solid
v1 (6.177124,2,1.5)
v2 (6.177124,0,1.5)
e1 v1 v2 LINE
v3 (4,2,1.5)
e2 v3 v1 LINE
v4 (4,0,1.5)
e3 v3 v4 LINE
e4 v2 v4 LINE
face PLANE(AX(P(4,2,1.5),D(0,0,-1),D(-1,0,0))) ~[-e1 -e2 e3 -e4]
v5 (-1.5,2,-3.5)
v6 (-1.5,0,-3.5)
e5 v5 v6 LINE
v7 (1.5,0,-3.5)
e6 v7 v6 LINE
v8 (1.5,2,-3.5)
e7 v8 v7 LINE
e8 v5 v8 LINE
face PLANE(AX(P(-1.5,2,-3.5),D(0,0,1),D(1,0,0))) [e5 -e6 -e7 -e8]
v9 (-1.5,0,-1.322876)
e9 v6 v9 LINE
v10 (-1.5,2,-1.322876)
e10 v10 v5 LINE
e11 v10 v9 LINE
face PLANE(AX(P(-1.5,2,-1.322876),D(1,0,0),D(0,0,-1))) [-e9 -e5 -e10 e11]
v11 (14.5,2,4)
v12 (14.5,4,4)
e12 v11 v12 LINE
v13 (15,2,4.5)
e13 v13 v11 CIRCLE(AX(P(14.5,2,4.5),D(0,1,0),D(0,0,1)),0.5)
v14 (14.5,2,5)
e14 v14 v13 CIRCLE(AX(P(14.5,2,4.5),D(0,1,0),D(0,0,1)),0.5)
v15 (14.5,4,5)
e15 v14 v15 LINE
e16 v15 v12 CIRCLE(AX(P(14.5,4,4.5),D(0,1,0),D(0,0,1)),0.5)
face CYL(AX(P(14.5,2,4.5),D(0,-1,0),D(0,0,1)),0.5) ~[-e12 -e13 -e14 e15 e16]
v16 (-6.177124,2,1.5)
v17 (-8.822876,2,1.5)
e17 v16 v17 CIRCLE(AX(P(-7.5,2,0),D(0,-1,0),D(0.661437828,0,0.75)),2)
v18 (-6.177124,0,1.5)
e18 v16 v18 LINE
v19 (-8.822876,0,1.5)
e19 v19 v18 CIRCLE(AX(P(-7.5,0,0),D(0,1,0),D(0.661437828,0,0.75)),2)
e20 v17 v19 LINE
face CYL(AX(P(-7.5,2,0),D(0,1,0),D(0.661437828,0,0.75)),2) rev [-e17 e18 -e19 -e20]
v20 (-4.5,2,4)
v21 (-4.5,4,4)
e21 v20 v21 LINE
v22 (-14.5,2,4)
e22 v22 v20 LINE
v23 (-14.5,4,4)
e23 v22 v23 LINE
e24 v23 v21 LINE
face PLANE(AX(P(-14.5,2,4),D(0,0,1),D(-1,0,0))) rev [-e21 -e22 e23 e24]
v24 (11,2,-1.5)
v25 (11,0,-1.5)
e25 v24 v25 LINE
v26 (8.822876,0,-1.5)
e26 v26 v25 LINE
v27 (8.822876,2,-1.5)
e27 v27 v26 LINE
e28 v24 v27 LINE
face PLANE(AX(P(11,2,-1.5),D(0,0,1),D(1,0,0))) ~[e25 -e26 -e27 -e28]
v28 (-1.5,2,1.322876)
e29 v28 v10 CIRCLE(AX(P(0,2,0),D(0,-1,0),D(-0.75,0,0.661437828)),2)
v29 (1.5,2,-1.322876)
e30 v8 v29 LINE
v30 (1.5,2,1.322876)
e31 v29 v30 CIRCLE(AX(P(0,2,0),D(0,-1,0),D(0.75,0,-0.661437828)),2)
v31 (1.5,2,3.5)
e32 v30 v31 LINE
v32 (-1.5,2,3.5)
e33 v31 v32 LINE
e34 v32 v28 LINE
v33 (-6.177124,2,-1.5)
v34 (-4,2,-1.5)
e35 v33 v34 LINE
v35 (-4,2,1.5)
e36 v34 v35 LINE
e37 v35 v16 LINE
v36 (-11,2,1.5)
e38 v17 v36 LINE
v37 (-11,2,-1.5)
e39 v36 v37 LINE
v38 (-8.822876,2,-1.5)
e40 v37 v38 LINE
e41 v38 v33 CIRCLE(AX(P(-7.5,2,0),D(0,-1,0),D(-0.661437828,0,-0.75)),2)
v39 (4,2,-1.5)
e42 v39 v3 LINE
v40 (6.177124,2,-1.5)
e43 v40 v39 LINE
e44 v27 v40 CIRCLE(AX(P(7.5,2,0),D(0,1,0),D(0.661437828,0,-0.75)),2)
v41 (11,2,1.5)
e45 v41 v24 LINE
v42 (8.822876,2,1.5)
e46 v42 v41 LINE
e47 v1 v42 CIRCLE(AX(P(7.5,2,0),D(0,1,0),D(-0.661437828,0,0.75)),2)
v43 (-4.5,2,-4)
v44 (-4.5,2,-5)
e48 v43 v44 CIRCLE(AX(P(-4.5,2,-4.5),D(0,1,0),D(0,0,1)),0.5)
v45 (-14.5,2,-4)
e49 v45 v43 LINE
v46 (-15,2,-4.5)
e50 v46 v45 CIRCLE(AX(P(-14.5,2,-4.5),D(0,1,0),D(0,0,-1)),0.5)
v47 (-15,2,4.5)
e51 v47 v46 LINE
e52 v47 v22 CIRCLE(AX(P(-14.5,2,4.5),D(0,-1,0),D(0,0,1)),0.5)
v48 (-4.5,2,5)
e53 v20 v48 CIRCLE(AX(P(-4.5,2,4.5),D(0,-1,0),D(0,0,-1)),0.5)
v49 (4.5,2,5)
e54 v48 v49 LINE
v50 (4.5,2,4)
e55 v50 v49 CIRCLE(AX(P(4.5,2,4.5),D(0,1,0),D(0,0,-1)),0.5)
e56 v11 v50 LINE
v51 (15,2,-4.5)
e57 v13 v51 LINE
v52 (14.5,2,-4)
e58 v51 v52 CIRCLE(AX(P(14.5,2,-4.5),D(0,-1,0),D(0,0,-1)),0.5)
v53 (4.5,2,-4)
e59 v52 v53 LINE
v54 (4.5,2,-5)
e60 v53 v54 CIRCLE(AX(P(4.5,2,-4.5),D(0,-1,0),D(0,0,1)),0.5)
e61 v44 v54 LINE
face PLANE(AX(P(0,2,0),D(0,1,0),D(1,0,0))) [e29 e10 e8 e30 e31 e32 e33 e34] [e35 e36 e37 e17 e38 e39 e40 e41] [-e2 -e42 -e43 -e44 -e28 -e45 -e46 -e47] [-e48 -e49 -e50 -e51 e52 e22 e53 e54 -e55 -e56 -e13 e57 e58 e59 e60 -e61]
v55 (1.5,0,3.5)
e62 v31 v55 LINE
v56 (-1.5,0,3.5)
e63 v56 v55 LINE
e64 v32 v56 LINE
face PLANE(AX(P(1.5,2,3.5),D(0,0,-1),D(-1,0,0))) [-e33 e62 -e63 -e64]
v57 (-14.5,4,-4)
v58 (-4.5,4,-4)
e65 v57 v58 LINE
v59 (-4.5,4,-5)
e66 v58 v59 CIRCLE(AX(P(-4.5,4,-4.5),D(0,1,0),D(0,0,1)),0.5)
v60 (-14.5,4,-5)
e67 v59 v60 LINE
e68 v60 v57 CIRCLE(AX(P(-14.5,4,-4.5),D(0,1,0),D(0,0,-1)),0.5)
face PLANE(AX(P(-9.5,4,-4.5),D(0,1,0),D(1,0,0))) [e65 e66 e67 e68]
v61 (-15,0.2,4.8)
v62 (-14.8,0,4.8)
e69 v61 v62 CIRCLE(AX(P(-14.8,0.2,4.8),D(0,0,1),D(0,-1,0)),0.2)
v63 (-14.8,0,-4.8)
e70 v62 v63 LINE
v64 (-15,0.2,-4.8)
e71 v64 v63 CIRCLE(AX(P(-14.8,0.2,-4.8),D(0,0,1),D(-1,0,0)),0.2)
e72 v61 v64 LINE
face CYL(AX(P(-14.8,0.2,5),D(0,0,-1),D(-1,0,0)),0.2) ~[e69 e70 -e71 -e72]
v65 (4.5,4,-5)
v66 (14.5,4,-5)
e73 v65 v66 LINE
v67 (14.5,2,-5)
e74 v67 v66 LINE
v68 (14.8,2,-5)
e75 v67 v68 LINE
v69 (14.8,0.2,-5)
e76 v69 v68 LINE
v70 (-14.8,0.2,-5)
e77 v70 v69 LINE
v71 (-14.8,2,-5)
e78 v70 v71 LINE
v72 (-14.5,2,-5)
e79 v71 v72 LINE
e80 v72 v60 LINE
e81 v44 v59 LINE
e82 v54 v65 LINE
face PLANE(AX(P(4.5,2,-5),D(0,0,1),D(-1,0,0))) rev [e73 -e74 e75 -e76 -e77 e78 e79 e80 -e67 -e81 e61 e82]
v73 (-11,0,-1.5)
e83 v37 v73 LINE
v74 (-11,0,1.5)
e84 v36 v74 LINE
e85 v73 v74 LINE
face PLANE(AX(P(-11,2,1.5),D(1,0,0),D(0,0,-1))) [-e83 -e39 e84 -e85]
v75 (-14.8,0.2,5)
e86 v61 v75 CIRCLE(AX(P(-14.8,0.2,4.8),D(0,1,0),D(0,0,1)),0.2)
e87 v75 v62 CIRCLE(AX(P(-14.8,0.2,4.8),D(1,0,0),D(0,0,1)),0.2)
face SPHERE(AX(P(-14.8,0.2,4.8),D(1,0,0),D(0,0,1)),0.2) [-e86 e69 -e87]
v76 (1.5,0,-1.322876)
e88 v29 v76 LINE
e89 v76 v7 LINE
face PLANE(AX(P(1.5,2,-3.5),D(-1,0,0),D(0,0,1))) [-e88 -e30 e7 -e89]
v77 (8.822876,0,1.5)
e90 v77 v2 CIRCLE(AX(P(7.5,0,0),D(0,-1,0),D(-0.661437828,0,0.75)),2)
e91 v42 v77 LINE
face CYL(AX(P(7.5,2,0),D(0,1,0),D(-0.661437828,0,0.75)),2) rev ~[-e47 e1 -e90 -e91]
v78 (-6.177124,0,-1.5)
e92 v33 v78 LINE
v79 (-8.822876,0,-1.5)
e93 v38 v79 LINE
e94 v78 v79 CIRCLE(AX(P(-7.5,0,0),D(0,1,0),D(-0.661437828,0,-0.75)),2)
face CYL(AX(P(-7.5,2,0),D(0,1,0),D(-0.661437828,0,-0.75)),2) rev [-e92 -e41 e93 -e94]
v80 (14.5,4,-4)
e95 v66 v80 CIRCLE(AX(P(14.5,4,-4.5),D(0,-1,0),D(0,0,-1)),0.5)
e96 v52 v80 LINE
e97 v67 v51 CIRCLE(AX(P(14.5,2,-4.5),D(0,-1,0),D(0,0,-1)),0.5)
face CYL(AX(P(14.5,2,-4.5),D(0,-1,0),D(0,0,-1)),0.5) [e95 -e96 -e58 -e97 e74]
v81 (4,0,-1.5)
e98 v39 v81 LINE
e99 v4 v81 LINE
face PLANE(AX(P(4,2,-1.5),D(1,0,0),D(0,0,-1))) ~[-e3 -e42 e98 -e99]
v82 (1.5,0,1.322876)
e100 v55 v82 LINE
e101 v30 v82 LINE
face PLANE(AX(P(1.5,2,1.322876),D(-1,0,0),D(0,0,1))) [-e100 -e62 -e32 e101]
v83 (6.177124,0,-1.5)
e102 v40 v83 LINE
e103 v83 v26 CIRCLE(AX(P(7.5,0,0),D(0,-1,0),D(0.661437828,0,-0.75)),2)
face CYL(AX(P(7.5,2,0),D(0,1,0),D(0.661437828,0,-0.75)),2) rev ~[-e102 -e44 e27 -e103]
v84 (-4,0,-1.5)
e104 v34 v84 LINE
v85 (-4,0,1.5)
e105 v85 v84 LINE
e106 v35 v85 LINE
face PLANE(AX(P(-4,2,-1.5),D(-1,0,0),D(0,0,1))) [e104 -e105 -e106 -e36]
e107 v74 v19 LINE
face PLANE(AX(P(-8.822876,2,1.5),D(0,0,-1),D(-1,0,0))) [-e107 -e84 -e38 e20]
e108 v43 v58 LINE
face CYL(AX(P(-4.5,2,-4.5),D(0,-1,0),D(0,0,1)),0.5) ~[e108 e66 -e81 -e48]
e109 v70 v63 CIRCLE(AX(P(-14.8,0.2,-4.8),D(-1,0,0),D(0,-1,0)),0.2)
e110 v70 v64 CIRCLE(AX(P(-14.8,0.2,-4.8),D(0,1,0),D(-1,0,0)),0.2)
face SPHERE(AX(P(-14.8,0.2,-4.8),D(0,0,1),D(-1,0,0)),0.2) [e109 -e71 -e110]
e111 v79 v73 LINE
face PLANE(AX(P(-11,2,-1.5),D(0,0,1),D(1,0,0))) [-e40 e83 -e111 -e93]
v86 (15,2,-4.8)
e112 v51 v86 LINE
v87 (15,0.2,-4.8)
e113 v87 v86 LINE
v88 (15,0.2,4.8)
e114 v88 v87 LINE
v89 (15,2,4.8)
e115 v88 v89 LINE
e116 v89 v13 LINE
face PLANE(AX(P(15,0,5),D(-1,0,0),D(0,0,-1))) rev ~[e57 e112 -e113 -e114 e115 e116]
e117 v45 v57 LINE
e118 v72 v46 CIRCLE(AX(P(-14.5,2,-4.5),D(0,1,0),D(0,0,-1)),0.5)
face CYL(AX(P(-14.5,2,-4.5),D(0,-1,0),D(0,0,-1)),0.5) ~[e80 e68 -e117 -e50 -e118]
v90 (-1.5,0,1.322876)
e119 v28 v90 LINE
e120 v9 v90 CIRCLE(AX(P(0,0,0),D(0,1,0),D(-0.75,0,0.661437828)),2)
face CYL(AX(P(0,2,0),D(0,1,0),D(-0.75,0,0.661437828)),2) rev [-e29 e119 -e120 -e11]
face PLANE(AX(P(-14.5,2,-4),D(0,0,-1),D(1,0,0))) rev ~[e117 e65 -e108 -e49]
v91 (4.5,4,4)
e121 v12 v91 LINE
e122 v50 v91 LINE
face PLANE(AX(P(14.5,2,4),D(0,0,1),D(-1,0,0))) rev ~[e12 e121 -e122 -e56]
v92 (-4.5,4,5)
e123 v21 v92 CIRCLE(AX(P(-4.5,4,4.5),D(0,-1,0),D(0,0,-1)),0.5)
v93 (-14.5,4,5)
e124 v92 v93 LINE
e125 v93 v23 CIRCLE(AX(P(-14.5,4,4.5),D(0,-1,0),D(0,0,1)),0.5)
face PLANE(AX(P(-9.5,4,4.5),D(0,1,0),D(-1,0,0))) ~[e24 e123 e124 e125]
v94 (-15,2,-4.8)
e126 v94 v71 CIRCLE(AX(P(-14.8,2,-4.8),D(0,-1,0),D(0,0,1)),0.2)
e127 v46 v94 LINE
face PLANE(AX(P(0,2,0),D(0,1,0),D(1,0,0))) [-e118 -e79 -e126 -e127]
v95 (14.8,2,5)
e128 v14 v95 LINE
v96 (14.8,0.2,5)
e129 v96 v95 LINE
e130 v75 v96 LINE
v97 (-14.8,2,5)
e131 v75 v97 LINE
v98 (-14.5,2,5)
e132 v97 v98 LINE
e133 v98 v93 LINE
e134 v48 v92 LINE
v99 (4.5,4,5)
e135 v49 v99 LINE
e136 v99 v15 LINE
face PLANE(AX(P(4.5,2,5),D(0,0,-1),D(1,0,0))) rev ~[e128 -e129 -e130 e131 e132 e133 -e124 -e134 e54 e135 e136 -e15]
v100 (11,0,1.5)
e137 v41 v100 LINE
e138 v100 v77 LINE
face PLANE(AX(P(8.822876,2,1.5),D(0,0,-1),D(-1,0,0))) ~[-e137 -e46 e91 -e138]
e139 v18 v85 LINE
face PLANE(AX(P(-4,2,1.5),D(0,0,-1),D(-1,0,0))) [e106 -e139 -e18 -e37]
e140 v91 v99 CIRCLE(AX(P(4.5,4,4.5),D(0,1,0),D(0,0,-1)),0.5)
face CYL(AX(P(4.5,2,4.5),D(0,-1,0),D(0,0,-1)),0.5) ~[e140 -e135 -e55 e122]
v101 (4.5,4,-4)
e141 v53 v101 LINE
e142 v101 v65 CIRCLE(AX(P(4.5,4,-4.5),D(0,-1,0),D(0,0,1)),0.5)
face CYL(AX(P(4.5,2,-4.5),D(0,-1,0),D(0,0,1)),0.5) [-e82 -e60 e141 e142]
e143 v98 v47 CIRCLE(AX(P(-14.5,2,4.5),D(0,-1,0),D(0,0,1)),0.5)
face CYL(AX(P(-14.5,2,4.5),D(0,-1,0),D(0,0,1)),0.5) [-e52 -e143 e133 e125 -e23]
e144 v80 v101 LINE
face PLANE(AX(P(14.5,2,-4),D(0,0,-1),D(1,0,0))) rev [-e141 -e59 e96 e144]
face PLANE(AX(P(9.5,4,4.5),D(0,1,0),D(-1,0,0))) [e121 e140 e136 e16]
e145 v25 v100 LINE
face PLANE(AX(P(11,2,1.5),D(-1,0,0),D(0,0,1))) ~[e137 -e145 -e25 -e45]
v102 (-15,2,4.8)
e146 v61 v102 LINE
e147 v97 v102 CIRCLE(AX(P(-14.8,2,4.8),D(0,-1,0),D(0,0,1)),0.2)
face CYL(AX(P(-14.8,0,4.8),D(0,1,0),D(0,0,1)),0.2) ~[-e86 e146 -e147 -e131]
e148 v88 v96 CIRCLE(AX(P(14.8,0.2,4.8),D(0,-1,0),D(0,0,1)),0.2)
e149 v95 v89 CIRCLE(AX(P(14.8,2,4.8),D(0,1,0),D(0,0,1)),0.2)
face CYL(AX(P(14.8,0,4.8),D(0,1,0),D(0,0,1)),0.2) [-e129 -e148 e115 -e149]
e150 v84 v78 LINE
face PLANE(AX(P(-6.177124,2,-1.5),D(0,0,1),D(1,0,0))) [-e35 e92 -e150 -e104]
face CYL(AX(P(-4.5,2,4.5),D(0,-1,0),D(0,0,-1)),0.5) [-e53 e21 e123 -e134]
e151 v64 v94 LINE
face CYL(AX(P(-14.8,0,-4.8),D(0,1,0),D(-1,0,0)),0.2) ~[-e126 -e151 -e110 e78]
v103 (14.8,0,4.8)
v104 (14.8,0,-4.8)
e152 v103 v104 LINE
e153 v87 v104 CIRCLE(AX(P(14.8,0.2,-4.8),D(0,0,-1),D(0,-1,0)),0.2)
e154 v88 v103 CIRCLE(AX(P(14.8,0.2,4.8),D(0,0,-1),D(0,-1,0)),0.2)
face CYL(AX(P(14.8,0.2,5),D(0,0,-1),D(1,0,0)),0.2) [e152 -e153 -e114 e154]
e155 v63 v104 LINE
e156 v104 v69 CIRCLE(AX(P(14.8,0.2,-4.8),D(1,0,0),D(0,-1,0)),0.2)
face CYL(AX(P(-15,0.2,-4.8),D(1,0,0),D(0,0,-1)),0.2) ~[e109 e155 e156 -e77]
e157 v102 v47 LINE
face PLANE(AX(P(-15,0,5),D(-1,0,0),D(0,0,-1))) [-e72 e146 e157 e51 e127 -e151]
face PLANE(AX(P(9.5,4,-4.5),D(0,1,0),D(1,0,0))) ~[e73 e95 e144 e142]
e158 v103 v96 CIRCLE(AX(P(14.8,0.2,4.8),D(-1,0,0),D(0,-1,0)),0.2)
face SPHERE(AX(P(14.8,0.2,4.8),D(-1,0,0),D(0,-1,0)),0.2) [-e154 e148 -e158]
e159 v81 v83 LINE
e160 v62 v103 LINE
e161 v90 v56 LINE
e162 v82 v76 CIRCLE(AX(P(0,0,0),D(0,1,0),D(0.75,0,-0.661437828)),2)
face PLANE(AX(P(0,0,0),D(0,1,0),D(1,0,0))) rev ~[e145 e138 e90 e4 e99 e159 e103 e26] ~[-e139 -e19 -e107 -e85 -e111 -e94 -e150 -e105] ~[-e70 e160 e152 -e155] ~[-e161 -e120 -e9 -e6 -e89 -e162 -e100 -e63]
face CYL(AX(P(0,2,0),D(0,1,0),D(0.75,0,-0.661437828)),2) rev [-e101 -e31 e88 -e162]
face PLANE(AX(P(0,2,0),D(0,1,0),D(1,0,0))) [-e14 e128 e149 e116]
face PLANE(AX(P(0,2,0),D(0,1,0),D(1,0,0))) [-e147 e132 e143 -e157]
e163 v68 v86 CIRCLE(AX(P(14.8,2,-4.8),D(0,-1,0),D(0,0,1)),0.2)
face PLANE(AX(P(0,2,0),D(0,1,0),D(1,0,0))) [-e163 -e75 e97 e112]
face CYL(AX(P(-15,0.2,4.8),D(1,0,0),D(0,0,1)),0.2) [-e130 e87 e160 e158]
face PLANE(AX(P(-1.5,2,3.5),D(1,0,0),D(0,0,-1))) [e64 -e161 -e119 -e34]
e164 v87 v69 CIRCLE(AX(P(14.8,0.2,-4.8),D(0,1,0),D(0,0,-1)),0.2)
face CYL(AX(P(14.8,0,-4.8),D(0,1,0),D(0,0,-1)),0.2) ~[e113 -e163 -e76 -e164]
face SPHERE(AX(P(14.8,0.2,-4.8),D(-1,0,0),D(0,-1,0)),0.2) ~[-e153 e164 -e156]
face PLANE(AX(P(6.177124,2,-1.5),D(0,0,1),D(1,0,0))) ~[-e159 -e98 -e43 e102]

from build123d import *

# Parameters (mm, degrees)
SKETCH_1_W            = 30
SKETCH_1_H            = 10
EXTRUDE_1_DEPTH       = 2
EXTRUDE_2_DEPTH       = 2
MIRROR_2_COPY_1_DEPTH = 2
CUT_EXTRUDE_1_REACH   = 17.937
CUT_EXTRUDE_2_REACH   = 17.937
FILLET_1_R            = 0.2


with BuildPart() as part:
    # 草图1 → 凸台-拉伸1 (new body)
    with BuildSketch(Plane(origin=(0, 0, 0), x_dir=(1, 0, 0), z_dir=(0, 1, 0))):
        Rectangle(SKETCH_1_W, SKETCH_1_H)
    extrude(amount=EXTRUDE_1_DEPTH)

    # 草图2 → 凸台-拉伸2 (add)
    with BuildSketch(Plane(origin=(0, 2, 0), x_dir=(1, 0, 0), z_dir=(0, 1, 0))):
        with BuildLine():
            Line((-14.5, 4), (-4.5, 4))
            ThreePointArc((-4.5, 4), (-4, 4.5), (-4.5, 5))
            Line((-4.5, 5), (-14.5, 5))
            ThreePointArc((-14.5, 5), (-15, 4.5), (-14.5, 4))
        make_face()
    extrude_2 = extrude(amount=EXTRUDE_2_DEPTH)

    # 镜向1: 凸台-拉伸2 across plane
    add(extrude_2.mirror(Plane.XY))

    # 镜向2: 凸台-拉伸2 across plane
    add(extrude_2.mirror(Plane(origin=(0, 0, 0), x_dir=(0, 0, 1), z_dir=(1, 0, 0))))

    # 镜向2 copy 1 sketch → 镜向2 copy 1 (add)
    with BuildSketch(Plane(origin=(0, 2, 0), x_dir=(-1, 0, 0), z_dir=(0, 1, 0))):
        with BuildLine():
            Line((-14.5, 4), (-4.5, 4))
            ThreePointArc((-4.5, 4), (-4, 4.5), (-4.5, 5))
            Line((-4.5, 5), (-14.5, 5))
            ThreePointArc((-14.5, 5), (-15, 4.5), (-14.5, 4))
        make_face()
    extrude(amount=MIRROR_2_COPY_1_DEPTH)

    # 草图3 → 切除-拉伸1 (cut, up to next)
    with BuildSketch(Plane(origin=(0, 2, 0), x_dir=(1, 0, 0), z_dir=(0, 1, 0)), mode=Mode.PRIVATE) as cut_extrude_1_sk1:
        with BuildLine():
            Line((1.5, -3.5), (-1.5, -3.5))
            Line((-1.5, -3.5), (-1.5, -1.322875656))
            ThreePointArc((-1.5, -1.322875656), (-2, 0), (-1.5, 1.322875656))
            Line((-1.5, 1.322875656), (-1.5, 3.5))
            Line((-1.5, 3.5), (1.5, 3.5))
            Line((1.5, 3.5), (1.5, 1.322875656))
            ThreePointArc((1.5, 1.322875656), (2, 0), (1.5, -1.322875656))
            Line((1.5, -1.322875656), (1.5, -3.5))
        make_face()
    cut_extrude_1_tool1 = extrude(cut_extrude_1_sk1.sketch, amount=-CUT_EXTRUDE_1_REACH, mode=Mode.PRIVATE) & part.part
    add(cut_extrude_1_tool1.solids().sort_by_distance((0, 2, 0))[0], mode=Mode.SUBTRACT)

    # 草图4 → 切除-拉伸2 (cut, up to next)
    with BuildSketch(Plane(origin=(0, 2, 0), x_dir=(1, 0, 0), z_dir=(0, 1, 0)), mode=Mode.PRIVATE) as cut_extrude_2_sk1:
        with BuildLine():
            Line((-4, 1.5), (-4, -1.5))
            Line((-4, -1.5), (-6.177124344, -1.5))
            ThreePointArc((-6.177124344, -1.5), (-7.5, -2), (-8.822875656, -1.5))
            Line((-8.822875656, -1.5), (-11, -1.5))
            Line((-11, -1.5), (-11, 1.5))
            Line((-11, 1.5), (-8.822875656, 1.5))
            ThreePointArc((-8.822875656, 1.5), (-7.5, 2), (-6.177124344, 1.5))
            Line((-6.177124344, 1.5), (-4, 1.5))
        make_face()
    cut_extrude_2_tool1 = extrude(cut_extrude_2_sk1.sketch, amount=-CUT_EXTRUDE_2_REACH, mode=Mode.PRIVATE) & part.part
    cut_extrude_2 = cut_extrude_2_tool1.solids().sort_by_distance((-7.5, 2, 0))[0]
    add(cut_extrude_2, mode=Mode.SUBTRACT)

    # 镜向3: 切除-拉伸2 across plane
    add(cut_extrude_2.mirror(Plane(origin=(0, 0, 0), x_dir=(0, 0, 1), z_dir=(1, 0, 0))), mode=Mode.SUBTRACT)

    # 圆角1
    fillet_1_edges = [part.edges().sort_by_distance(p)[0] for p in [
        (0, 0, 5),
        (-15, 1, 5),
        (-15, 0, 0),
        (-15, 1, -5),
        (0, 0, -5),
        (15, 0, 0),
        (15, 1, -5),
        (15, 1, 5),
    ]]
    fillet(fillet_1_edges, radius=FILLET_1_R)


solid = part.part
